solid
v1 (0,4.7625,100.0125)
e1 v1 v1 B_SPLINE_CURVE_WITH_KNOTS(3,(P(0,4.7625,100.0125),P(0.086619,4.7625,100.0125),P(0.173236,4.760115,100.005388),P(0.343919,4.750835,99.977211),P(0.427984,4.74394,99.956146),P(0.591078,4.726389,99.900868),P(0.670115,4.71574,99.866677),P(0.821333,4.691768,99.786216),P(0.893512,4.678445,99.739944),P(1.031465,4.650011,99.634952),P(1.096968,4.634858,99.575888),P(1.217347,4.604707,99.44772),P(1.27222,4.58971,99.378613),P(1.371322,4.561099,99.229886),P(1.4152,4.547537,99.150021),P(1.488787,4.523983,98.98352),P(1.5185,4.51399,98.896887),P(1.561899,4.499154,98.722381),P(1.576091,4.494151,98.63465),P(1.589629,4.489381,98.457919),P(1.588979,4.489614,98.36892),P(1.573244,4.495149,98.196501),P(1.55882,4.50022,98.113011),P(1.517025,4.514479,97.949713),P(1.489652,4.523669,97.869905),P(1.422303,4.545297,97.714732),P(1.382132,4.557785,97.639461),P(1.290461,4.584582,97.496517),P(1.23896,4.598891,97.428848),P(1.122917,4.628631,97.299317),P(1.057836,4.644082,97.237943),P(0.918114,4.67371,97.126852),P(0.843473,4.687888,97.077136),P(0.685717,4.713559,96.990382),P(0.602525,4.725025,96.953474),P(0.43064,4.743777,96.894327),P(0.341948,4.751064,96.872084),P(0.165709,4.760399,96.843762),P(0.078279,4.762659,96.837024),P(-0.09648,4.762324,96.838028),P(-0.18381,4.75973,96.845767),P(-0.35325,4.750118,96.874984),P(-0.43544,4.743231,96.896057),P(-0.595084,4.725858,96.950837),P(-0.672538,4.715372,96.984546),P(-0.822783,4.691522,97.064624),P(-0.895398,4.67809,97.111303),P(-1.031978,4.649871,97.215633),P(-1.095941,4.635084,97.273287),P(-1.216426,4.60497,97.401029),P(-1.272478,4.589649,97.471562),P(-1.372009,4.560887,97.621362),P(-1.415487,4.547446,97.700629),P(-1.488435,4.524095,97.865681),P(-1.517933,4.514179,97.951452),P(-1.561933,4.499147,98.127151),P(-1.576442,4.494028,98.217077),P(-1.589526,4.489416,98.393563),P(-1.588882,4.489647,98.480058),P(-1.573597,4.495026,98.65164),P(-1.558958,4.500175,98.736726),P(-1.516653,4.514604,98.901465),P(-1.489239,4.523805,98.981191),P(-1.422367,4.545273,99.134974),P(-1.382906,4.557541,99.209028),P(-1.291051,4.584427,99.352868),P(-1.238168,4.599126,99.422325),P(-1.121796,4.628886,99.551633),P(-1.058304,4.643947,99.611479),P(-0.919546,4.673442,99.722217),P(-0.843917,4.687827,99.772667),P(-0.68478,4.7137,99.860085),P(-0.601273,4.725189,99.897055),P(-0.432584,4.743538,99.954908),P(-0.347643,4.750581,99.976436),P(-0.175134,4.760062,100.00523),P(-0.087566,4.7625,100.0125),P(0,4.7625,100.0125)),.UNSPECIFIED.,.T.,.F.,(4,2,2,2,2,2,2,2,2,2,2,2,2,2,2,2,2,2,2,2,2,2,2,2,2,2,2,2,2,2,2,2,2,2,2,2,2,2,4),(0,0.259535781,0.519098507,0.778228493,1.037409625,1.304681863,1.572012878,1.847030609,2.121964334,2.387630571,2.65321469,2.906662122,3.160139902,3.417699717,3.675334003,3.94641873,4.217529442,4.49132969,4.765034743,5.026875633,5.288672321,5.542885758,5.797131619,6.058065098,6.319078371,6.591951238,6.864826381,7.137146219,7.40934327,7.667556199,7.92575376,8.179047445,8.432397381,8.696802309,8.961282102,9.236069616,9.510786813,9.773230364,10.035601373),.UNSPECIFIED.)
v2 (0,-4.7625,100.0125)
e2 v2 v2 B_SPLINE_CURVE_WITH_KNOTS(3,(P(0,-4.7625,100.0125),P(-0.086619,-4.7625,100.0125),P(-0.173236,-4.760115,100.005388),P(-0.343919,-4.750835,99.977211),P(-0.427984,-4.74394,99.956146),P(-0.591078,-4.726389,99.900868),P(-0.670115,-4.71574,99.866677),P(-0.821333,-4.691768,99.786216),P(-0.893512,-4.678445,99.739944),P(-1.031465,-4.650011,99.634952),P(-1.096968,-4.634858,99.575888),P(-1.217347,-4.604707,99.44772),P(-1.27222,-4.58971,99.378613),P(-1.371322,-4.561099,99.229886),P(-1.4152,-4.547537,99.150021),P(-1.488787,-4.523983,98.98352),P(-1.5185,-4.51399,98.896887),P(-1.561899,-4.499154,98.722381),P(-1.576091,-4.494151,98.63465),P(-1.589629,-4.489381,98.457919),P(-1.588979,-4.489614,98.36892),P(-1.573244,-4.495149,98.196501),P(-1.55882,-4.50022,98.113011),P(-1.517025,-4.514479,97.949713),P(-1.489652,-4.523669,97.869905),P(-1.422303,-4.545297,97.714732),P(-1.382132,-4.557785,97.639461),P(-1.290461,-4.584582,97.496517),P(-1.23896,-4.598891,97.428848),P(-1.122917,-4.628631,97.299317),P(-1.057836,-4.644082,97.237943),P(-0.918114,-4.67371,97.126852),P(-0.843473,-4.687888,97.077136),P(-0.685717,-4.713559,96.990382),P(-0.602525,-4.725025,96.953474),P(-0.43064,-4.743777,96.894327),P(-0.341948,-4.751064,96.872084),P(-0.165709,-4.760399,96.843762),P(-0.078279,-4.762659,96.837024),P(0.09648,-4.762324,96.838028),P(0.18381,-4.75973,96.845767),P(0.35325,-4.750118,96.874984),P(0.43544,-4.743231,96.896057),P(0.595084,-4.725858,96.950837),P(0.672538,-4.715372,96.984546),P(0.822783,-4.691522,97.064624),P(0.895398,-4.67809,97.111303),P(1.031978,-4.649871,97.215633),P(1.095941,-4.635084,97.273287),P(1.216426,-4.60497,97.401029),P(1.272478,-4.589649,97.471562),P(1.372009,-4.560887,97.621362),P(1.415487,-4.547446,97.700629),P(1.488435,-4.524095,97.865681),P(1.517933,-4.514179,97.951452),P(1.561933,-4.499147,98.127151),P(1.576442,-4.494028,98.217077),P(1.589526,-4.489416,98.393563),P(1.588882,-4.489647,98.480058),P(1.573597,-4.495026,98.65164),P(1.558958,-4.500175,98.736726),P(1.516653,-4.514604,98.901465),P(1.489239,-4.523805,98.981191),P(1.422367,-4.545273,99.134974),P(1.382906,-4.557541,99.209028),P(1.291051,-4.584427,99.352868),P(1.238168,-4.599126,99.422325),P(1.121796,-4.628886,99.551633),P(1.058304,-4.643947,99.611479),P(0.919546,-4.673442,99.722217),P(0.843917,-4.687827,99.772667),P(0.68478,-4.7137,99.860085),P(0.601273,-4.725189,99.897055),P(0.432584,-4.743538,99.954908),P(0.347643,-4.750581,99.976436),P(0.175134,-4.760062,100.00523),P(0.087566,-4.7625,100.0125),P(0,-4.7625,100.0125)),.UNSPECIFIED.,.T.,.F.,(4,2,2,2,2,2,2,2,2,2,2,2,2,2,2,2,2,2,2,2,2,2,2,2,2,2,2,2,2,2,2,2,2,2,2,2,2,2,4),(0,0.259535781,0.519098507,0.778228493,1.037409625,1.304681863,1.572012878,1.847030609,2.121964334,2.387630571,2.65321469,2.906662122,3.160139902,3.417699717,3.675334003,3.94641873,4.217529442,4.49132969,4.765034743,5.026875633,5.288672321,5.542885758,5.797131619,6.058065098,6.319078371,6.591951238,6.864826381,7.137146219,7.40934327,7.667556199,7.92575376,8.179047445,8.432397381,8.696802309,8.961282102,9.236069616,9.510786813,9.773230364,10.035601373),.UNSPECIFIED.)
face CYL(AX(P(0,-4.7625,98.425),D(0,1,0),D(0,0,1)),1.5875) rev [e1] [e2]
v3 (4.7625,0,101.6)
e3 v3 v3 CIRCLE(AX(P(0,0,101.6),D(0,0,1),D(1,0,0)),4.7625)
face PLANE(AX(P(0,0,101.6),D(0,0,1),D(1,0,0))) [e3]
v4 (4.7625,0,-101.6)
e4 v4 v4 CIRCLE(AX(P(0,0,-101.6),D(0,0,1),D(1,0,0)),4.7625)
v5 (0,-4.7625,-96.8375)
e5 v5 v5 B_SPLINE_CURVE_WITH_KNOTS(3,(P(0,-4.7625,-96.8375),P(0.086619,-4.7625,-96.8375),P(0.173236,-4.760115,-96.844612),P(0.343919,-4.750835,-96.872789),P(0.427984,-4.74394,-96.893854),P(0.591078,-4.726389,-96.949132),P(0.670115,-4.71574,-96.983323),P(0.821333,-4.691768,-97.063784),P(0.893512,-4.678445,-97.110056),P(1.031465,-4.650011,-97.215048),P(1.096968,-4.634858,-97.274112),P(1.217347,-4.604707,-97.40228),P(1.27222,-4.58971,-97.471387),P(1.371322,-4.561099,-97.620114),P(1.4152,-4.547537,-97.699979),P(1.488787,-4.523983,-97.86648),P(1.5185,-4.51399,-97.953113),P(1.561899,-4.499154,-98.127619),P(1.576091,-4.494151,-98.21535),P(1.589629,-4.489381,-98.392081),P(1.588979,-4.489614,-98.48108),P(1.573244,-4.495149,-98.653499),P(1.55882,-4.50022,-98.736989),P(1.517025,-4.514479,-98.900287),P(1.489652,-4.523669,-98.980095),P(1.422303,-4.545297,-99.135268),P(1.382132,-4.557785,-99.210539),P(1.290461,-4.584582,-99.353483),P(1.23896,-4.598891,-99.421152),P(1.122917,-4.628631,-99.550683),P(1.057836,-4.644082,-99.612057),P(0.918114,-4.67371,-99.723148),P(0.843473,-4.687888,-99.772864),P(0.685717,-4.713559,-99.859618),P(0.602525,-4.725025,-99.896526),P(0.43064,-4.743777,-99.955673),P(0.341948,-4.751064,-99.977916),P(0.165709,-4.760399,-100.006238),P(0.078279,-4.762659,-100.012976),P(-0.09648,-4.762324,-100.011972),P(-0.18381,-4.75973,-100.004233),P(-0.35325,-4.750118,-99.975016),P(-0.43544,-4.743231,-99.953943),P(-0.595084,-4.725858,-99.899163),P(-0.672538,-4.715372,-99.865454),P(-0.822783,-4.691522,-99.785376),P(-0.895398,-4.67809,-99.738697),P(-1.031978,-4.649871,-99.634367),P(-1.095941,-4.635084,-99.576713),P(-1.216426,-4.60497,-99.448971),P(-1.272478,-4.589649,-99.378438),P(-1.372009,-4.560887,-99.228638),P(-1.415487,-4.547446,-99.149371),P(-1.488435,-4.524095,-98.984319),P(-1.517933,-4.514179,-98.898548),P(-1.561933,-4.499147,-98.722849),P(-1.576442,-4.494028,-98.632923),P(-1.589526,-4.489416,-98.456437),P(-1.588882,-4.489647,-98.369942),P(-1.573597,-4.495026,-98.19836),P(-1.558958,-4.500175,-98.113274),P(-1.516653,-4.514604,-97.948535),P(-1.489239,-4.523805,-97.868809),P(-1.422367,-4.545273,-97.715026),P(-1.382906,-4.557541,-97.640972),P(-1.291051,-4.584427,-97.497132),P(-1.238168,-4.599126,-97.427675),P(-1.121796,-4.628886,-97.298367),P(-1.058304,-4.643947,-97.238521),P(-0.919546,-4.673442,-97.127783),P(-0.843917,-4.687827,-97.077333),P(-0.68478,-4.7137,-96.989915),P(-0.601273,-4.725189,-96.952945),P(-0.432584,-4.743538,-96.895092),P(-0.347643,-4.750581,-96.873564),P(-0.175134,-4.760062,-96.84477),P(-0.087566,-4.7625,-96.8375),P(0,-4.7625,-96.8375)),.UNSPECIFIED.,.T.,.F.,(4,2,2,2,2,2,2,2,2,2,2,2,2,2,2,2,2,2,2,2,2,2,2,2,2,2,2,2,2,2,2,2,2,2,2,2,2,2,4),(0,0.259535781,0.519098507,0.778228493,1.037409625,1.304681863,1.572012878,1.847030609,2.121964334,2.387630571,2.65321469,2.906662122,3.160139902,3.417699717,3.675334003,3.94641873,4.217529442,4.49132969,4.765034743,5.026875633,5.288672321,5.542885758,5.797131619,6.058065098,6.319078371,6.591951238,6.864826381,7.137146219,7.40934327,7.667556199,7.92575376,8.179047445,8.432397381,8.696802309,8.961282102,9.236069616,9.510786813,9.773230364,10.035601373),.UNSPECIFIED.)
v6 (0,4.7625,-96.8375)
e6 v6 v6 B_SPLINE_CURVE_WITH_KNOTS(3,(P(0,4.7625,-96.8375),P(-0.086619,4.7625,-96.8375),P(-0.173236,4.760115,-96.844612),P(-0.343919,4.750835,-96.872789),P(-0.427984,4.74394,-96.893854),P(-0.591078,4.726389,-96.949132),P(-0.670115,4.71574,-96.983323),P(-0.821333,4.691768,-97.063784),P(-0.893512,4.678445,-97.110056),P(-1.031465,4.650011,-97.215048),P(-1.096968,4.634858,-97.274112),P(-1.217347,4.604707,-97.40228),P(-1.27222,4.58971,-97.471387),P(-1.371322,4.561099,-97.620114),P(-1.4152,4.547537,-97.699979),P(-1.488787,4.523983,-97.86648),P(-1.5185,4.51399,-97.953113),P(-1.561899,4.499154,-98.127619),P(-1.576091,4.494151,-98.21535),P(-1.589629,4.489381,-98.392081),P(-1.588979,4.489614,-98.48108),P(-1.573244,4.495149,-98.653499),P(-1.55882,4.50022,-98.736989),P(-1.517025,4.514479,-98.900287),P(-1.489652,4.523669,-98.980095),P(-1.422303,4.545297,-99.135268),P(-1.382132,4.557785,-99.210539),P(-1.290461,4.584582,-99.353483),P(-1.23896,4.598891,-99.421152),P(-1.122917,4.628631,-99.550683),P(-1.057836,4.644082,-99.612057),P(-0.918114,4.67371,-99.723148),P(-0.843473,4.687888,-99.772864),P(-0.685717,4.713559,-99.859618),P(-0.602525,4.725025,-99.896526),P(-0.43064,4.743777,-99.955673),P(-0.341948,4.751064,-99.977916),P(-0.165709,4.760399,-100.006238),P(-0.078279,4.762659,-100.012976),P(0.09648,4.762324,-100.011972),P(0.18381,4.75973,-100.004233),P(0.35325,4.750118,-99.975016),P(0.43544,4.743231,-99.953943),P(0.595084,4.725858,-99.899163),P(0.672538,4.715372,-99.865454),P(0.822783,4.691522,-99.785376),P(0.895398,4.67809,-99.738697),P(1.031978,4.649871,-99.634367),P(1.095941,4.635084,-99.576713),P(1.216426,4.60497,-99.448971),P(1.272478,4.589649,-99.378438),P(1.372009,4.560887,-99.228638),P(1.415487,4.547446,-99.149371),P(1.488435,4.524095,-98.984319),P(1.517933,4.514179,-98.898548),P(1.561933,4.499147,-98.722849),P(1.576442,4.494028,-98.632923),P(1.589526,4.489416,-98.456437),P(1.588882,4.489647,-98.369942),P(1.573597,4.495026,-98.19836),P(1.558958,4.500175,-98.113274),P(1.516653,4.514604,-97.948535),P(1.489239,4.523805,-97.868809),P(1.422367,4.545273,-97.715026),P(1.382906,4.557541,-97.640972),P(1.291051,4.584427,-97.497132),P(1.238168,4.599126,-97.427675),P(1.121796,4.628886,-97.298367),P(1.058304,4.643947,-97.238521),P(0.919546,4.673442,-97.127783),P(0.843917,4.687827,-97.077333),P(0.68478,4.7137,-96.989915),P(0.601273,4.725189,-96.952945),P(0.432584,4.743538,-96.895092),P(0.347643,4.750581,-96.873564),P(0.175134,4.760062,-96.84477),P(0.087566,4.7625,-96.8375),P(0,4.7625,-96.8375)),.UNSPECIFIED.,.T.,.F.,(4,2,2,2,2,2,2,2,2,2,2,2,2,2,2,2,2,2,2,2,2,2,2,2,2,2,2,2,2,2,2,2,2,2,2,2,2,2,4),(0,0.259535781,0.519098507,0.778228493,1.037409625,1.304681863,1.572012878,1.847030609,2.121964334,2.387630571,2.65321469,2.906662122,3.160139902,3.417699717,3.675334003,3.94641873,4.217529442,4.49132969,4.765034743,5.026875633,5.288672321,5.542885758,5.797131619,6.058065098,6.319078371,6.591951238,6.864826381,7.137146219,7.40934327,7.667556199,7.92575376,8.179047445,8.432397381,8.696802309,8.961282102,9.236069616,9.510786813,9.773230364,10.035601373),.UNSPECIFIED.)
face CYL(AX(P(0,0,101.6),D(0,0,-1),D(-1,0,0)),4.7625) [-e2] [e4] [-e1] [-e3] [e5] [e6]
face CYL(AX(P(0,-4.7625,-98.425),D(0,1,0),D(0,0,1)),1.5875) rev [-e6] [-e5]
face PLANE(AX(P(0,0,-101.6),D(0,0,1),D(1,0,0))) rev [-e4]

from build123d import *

# Parameters (mm, degrees)
SKETCH1_R             = 4.7625
BOSS_EXTRUDE1_DEPTH   = 101.6
SKETCH2_R             = 1.5875
SPLIT_RING_HOLE_DEPTH = 102.822997464


with BuildPart() as part:
    # Sketch1 → Boss-Extrude1 (new, symmetric)
    with BuildSketch(Plane.XY):
        Circle(SKETCH1_R)
    extrude(amount=BOSS_EXTRUDE1_DEPTH, both=True)

    # Sketch2 → Split Ring Hole (cut, symmetric)
    with BuildSketch(Plane(origin=(0, 0, 0), x_dir=(1, 0, 0), z_dir=(0, 1, 0))):
        with Locations(Location((0, 98.425, 0), (0, 0, 270))):
            Circle(SKETCH2_R)
    split_ring_hole = extrude(amount=SPLIT_RING_HOLE_DEPTH, both=True, mode=Mode.SUBTRACT)

    # Mirror1: Split Ring Hole across plane
    add(split_ring_hole.mirror(Plane.XY), mode=Mode.SUBTRACT)


solid = part.part
